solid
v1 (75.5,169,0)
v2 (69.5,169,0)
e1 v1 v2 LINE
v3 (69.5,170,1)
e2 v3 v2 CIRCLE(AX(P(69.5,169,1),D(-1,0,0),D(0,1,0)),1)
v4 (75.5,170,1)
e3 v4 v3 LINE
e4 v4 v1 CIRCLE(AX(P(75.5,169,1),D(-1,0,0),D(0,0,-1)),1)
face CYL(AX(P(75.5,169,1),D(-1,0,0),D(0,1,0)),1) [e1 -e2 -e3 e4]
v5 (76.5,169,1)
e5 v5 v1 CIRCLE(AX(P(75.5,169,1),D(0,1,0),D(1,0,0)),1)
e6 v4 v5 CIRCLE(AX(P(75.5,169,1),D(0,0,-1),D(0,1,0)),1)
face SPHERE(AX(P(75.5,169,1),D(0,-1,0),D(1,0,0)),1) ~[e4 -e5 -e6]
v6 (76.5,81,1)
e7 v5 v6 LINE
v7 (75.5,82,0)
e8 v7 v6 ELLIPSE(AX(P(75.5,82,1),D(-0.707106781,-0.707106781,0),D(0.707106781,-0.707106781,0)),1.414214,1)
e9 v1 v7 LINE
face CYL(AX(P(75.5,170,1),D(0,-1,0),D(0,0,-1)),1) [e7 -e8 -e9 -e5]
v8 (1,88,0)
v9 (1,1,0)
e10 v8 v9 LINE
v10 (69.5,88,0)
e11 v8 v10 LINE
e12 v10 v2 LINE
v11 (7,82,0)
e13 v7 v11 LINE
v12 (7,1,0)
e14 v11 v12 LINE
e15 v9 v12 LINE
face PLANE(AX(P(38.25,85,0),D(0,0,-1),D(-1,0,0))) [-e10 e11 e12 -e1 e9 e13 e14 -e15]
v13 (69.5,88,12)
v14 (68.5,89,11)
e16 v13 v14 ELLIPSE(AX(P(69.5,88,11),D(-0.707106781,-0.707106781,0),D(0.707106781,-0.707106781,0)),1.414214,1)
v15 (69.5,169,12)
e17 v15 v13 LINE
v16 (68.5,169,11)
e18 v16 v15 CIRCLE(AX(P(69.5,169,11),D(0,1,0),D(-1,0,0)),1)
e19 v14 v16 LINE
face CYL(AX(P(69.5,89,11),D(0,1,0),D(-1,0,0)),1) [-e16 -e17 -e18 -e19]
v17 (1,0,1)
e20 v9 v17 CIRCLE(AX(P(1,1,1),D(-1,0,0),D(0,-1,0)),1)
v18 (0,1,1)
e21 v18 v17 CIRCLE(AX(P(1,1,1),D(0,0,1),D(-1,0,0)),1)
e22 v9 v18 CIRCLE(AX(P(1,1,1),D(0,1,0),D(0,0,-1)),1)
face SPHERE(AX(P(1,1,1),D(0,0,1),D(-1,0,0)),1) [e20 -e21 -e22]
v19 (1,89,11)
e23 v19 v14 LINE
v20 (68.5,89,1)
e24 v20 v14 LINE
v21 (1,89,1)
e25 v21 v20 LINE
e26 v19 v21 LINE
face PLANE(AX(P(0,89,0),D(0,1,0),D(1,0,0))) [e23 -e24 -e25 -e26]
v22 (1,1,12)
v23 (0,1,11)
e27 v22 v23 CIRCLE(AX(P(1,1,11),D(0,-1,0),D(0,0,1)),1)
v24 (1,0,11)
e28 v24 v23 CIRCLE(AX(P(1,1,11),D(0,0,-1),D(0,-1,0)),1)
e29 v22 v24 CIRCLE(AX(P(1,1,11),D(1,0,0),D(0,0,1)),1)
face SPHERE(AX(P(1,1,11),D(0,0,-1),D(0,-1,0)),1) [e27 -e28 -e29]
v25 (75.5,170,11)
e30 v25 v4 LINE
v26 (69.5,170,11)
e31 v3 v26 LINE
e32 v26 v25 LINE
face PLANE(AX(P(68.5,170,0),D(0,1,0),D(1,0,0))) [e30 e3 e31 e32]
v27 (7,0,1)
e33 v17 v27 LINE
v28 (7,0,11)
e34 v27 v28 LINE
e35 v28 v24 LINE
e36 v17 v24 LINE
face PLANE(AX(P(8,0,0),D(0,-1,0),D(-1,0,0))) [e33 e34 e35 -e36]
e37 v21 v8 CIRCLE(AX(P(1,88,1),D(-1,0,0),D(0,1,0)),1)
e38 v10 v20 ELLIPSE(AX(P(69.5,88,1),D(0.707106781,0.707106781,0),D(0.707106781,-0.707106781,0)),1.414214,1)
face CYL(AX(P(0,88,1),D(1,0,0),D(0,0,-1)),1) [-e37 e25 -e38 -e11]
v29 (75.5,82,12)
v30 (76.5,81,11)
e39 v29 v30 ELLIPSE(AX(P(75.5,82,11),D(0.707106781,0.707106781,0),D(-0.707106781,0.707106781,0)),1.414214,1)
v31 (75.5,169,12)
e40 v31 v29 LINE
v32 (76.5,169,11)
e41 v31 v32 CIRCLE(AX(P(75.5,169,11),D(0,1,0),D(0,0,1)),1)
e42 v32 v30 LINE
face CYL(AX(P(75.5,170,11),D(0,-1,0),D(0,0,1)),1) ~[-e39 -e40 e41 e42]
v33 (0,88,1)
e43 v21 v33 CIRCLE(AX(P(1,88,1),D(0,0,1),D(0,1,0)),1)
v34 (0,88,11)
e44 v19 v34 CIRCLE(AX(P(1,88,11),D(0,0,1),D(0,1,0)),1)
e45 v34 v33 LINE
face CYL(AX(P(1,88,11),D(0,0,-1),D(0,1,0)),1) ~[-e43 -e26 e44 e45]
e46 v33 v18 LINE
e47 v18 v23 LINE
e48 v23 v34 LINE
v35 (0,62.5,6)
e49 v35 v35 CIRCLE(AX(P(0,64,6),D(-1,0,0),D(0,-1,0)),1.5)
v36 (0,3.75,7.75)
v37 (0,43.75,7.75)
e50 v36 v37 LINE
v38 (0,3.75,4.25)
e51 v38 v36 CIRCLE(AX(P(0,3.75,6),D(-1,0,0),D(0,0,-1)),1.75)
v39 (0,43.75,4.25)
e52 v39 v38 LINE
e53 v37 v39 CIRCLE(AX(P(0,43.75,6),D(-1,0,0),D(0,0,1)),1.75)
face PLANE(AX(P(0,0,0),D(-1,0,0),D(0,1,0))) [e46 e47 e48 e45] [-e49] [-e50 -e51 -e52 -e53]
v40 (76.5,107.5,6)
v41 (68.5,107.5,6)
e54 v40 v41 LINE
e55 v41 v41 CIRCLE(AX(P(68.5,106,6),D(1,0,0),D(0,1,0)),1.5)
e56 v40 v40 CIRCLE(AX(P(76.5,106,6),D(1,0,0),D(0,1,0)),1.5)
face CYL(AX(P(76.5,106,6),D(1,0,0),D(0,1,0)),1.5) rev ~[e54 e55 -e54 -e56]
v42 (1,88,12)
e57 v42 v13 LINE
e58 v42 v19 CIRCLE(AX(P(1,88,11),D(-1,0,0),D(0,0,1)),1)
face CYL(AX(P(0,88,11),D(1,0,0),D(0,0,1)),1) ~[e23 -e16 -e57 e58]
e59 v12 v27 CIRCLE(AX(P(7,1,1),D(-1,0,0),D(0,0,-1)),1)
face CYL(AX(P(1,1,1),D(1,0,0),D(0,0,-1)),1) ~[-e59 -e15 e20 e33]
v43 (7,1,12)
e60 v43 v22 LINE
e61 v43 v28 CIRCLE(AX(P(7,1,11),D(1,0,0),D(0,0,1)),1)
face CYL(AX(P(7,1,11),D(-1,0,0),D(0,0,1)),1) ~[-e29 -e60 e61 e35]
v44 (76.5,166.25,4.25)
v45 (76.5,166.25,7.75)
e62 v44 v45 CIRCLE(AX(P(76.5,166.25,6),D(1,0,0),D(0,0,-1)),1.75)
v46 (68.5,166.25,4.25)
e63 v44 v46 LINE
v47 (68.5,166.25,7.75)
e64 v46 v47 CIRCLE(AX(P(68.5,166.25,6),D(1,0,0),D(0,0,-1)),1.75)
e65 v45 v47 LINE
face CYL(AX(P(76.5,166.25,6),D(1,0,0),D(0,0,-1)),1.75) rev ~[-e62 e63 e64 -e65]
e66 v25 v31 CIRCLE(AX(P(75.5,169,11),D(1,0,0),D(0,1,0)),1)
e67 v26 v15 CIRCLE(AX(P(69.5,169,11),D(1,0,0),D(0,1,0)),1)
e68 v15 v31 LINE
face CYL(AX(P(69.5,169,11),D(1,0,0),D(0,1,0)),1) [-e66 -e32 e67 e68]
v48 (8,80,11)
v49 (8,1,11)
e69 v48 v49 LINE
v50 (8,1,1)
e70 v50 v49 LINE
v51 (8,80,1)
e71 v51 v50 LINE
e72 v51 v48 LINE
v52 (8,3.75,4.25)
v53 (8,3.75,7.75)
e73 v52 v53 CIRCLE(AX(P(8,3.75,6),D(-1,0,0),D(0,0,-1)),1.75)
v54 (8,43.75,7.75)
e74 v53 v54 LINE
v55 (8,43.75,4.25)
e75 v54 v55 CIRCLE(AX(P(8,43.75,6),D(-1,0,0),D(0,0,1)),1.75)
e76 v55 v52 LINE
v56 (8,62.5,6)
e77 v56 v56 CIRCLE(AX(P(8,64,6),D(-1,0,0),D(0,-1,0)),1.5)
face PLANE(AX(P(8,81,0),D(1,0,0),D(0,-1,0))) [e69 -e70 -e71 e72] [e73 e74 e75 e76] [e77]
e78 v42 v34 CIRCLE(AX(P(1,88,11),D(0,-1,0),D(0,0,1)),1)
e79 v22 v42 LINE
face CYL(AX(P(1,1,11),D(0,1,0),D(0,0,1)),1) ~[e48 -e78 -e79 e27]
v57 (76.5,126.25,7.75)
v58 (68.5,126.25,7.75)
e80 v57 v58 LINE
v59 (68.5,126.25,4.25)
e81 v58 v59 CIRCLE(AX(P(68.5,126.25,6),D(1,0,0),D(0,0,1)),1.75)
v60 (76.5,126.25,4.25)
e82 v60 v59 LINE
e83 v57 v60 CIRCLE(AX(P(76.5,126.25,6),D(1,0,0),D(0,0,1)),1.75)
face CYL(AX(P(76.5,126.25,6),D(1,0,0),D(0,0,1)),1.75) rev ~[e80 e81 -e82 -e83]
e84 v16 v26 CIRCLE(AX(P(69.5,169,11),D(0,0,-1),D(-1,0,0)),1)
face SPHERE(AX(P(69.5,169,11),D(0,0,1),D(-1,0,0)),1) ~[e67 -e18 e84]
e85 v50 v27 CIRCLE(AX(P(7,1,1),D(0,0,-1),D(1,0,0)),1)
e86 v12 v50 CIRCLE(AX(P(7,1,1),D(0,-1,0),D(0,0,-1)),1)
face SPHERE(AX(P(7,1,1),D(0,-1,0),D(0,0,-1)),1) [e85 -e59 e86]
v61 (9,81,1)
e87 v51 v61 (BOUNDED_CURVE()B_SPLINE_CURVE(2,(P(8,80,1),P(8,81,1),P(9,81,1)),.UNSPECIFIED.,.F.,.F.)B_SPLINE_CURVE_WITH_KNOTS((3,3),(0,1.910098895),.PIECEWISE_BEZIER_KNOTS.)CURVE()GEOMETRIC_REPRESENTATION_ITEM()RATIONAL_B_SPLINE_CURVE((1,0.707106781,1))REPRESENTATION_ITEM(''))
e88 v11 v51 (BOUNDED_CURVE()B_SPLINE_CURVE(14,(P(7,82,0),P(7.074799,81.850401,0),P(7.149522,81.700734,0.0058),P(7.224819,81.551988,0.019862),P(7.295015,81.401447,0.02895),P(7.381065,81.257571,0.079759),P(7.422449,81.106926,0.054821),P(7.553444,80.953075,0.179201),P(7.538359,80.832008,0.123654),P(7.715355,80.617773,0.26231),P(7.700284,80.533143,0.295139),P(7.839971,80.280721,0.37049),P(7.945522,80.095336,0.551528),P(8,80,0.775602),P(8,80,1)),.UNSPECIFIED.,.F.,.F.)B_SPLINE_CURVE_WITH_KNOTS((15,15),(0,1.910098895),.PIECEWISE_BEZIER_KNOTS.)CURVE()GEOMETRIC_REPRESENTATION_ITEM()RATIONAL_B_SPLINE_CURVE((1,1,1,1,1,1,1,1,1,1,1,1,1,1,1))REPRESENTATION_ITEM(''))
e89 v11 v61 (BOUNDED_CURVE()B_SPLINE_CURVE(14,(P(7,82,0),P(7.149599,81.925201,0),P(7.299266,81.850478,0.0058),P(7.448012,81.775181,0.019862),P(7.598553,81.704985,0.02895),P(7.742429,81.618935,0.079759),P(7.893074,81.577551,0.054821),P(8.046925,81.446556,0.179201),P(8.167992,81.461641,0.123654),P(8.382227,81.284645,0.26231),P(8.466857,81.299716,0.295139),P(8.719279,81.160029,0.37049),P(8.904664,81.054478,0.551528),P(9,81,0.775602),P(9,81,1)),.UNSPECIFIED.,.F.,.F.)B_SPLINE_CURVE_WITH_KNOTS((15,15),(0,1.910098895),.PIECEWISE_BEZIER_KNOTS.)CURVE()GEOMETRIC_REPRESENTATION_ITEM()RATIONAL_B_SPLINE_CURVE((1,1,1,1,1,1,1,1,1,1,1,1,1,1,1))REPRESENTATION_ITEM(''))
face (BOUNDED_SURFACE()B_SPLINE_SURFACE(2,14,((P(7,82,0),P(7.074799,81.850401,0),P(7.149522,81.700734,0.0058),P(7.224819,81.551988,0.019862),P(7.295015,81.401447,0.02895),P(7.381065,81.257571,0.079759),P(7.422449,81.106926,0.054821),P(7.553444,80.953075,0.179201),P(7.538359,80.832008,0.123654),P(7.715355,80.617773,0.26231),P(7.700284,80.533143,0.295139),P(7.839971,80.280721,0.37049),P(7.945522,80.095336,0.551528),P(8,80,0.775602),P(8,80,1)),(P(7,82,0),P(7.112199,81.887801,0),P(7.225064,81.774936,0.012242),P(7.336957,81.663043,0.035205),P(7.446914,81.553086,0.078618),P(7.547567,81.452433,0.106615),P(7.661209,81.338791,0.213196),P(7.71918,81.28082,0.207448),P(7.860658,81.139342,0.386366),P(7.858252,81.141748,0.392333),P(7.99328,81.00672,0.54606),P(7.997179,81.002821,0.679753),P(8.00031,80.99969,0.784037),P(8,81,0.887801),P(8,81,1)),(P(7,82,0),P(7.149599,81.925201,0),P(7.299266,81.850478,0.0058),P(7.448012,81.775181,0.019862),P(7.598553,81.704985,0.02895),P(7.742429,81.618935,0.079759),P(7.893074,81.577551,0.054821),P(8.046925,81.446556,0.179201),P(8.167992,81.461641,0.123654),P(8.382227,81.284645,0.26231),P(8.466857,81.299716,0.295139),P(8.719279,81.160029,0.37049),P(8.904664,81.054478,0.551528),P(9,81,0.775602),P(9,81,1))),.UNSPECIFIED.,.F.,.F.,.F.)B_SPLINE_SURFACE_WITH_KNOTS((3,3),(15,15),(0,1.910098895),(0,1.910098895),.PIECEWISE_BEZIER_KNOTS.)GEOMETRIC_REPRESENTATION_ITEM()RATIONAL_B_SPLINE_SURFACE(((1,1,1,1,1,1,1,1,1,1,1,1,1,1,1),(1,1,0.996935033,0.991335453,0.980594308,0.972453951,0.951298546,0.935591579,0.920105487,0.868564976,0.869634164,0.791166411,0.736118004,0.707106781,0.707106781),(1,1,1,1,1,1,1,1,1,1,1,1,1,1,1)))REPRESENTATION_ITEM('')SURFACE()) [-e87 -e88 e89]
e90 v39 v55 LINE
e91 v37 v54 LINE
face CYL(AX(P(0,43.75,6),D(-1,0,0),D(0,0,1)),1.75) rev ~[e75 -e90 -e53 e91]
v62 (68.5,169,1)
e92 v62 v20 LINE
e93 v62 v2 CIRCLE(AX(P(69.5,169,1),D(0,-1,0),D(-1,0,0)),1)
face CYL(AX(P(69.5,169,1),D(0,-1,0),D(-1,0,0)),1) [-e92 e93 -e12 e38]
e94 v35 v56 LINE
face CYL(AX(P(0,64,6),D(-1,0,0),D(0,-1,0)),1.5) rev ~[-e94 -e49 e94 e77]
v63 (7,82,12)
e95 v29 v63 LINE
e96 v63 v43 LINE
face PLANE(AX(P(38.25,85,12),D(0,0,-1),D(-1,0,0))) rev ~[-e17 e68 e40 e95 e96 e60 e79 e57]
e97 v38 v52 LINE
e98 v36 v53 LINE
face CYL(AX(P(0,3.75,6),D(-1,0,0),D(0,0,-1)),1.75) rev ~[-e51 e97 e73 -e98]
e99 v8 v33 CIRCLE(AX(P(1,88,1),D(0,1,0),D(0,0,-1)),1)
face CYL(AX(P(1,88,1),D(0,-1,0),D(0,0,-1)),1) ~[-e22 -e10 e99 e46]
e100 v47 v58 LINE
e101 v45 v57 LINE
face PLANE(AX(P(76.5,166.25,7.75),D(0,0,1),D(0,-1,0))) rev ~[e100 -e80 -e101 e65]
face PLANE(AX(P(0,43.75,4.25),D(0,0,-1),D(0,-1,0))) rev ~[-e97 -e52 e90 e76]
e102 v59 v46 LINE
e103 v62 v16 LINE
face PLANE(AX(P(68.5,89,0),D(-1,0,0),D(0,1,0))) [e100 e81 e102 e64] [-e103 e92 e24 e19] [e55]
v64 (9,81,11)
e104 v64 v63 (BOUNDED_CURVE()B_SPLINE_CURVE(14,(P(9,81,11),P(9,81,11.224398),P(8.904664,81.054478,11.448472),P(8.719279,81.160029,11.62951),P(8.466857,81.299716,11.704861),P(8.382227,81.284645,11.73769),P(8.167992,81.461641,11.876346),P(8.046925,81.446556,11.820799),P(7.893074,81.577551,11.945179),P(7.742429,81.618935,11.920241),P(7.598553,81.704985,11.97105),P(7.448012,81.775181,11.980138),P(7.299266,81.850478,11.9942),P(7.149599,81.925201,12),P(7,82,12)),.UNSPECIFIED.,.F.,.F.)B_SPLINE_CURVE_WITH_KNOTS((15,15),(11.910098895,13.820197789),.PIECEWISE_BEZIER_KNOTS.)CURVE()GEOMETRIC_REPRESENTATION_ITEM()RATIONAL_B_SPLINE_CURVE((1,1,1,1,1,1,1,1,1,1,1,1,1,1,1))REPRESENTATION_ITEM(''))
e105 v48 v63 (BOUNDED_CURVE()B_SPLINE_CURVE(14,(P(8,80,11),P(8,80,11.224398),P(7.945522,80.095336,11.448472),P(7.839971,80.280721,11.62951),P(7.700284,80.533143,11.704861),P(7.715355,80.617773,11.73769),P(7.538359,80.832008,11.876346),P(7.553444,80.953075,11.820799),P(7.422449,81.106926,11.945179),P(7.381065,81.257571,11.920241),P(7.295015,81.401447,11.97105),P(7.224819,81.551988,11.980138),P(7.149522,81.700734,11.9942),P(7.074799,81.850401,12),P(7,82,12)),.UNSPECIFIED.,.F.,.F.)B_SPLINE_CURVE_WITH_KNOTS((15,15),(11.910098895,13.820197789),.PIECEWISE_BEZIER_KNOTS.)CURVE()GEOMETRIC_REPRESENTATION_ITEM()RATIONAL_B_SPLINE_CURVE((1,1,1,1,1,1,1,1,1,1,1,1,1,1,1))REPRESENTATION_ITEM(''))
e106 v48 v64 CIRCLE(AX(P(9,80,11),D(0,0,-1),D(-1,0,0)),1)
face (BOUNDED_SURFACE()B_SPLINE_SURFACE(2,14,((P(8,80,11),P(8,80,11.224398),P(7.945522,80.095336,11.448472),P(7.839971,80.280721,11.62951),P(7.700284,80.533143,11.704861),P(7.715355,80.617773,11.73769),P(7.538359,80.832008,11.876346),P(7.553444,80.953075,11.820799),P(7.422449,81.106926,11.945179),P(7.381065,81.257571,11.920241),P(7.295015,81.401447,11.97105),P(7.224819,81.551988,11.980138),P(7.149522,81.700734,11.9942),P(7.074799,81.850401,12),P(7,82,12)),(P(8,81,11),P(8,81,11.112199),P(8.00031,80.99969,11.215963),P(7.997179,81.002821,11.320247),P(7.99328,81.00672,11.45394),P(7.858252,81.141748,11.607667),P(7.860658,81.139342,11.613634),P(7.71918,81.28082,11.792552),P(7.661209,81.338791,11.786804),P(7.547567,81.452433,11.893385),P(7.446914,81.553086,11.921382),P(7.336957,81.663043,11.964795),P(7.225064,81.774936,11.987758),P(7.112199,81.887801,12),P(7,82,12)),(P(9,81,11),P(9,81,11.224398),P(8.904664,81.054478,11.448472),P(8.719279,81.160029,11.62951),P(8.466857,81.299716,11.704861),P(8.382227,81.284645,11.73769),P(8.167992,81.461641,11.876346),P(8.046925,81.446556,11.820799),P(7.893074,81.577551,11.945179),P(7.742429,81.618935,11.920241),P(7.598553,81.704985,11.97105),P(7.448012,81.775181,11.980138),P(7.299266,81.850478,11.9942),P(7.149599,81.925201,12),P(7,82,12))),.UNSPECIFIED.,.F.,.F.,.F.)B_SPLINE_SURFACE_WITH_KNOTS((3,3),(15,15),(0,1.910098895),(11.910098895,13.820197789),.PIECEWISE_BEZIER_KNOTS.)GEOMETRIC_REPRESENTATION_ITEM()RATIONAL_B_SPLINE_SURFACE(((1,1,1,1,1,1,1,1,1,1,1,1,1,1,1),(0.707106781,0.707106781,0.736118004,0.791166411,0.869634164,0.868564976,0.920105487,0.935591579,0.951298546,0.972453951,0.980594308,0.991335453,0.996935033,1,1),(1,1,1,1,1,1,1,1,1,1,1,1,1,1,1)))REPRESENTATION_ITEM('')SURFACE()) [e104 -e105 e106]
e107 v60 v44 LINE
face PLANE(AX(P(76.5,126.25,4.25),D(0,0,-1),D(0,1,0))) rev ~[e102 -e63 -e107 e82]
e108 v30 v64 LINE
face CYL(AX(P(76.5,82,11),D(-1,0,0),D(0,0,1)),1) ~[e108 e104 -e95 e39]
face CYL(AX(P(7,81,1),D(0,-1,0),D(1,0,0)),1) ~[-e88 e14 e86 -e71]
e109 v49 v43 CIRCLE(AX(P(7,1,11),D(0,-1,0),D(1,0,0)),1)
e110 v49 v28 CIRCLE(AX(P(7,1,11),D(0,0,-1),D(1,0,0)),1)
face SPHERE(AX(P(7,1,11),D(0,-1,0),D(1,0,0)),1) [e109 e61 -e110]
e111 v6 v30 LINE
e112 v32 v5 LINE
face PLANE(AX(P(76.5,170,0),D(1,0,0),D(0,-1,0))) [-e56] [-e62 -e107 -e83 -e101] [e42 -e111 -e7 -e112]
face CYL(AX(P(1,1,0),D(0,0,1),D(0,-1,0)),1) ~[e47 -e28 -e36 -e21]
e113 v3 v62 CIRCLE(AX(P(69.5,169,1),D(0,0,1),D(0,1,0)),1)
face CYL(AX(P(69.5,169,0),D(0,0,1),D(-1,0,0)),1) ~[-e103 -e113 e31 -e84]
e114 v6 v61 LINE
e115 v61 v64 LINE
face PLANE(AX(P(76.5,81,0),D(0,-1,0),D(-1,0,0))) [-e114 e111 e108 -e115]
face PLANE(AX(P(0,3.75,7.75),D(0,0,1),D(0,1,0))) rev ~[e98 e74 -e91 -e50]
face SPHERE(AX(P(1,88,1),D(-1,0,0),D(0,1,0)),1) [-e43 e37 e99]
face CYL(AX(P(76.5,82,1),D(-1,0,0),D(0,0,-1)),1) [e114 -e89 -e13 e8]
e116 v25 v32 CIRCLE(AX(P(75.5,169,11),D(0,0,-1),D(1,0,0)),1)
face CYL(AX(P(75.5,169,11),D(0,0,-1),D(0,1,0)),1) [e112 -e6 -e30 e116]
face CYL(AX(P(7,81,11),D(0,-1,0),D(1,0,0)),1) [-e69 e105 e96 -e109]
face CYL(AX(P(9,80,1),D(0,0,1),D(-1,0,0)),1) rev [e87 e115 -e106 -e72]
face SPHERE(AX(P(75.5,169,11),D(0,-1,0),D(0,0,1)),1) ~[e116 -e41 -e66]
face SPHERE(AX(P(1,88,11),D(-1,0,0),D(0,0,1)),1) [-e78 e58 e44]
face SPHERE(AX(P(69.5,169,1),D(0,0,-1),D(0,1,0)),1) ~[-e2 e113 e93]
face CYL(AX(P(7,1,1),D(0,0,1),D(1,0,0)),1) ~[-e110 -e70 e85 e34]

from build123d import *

# Parameters (mm, degrees)
PAD_DEPTH       = 12
POCKET_DEPTH    = 8
SKETCH002_R     = 1.5
POCKET001_DEPTH = 8
SKETCH003_R     = 1.5
POCKET002_DEPTH = 8
FILLET_R        = 1
FILLET001_R     = 1
FILLET002_R     = 1
FILLET003_R     = 1
FILLET004_R     = 1
FILLET005_R     = 1
FILLET006_R     = 1
FILLET007_R     = 1


with BuildPart() as part:
    # Sketch → Pad (new body)
    with BuildSketch(Plane.XY):
        Polygon((8, 0), (0, 0), (0, 89), (68.5, 89), (68.5, 170), (76.5, 170), (76.5, 81), (8, 81), align=None)
    extrude(amount=PAD_DEPTH)

    # Sketch001 (on Face2 of Pad) → Pocket (cut)
    with BuildSketch(Plane(origin=(0, 0, 0), x_dir=(0, -1, 0), z_dir=(-1, 0, 0))):
        with BuildLine():
            ThreePointArc((-43.75, 7.75), (-45.5, 6), (-43.75, 4.25))
            Line((-43.75, 4.25), (-3.75, 4.25))
            ThreePointArc((-3.75, 4.25), (-2, 6), (-3.75, 7.75))
            Line((-3.75, 7.75), (-43.75, 7.75))
        make_face()
    extrude(amount=-POCKET_DEPTH, mode=Mode.SUBTRACT)

    # Sketch002 (on Face3 of Pocket) → Pocket001 (cut)
    with BuildSketch(Plane(origin=(0, 0, 0), x_dir=(0, -1, 0), z_dir=(-1, 0, 0))):
        with Locations((-64, 6)):
            Circle(SKETCH002_R)
    extrude(amount=-POCKET001_DEPTH, mode=Mode.SUBTRACT)

    # Sketch003 (on Face15 of Pocket001) → Pocket002 (cut)
    with BuildSketch(Plane.YZ.offset(76.5)):
        with Locations((106, 6)):
            Circle(SKETCH003_R)
        with BuildLine():
            ThreePointArc((126.25, 7.75), (124.5, 6), (126.25, 4.25))
            Line((126.25, 4.25), (166.25, 4.25))
            ThreePointArc((166.25, 4.25), (168, 6), (166.25, 7.75))
            Line((166.25, 7.75), (126.25, 7.75))
        make_face()
    extrude(amount=-POCKET002_DEPTH, mode=Mode.SUBTRACT)

    # Fillet
    fillet_edges = [part.edges().sort_by_distance(p)[0] for p in [
        (76.5, 125.5, 0),
        (42.25, 81, 0),
        (8, 40.5, 0),
        (8, 40.5, 12),
        (42.25, 81, 12),
        (76.5, 125.5, 12),
    ]]
    fillet(fillet_edges, radius=FILLET_R)

    # Fillet001
    fillet001_edges = [part.edges().sort_by_distance(p)[0] for p in [
        (68.5, 170, 6),
    ]]
    fillet(fillet001_edges, radius=FILLET001_R)

    # Fillet002
    fillet002_edges = [part.edges().sort_by_distance(p)[0] for p in [
        (68.5, 129, 12),
    ]]
    fillet(fillet002_edges, radius=FILLET002_R)

    # Fillet003
    fillet003_edges = [part.edges().sort_by_distance(p)[0] for p in [
        (34.25, 89, 0),
    ]]
    fillet(fillet003_edges, radius=FILLET003_R)

    # Fillet004
    fillet004_edges = [part.edges().sort_by_distance(p)[0] for p in [
        (34.25, 89, 12),
    ]]
    fillet(fillet004_edges, radius=FILLET004_R)

    # Fillet005
    fillet005_edges = [part.edges().sort_by_distance(p)[0] for p in [
        (0, 0, 6),
    ]]
    fillet(fillet005_edges, radius=FILLET005_R)

    # Fillet006
    fillet006_edges = [part.edges().sort_by_distance(p)[0] for p in [
        (0, 44.5, 12),
    ]]
    fillet(fillet006_edges, radius=FILLET006_R)

    # Fillet007
    fillet007_edges = [part.edges().sort_by_distance(p)[0] for p in [
        (8, 81, 6),
    ]]
    fillet(fillet007_edges, radius=FILLET007_R)


solid = part.part
